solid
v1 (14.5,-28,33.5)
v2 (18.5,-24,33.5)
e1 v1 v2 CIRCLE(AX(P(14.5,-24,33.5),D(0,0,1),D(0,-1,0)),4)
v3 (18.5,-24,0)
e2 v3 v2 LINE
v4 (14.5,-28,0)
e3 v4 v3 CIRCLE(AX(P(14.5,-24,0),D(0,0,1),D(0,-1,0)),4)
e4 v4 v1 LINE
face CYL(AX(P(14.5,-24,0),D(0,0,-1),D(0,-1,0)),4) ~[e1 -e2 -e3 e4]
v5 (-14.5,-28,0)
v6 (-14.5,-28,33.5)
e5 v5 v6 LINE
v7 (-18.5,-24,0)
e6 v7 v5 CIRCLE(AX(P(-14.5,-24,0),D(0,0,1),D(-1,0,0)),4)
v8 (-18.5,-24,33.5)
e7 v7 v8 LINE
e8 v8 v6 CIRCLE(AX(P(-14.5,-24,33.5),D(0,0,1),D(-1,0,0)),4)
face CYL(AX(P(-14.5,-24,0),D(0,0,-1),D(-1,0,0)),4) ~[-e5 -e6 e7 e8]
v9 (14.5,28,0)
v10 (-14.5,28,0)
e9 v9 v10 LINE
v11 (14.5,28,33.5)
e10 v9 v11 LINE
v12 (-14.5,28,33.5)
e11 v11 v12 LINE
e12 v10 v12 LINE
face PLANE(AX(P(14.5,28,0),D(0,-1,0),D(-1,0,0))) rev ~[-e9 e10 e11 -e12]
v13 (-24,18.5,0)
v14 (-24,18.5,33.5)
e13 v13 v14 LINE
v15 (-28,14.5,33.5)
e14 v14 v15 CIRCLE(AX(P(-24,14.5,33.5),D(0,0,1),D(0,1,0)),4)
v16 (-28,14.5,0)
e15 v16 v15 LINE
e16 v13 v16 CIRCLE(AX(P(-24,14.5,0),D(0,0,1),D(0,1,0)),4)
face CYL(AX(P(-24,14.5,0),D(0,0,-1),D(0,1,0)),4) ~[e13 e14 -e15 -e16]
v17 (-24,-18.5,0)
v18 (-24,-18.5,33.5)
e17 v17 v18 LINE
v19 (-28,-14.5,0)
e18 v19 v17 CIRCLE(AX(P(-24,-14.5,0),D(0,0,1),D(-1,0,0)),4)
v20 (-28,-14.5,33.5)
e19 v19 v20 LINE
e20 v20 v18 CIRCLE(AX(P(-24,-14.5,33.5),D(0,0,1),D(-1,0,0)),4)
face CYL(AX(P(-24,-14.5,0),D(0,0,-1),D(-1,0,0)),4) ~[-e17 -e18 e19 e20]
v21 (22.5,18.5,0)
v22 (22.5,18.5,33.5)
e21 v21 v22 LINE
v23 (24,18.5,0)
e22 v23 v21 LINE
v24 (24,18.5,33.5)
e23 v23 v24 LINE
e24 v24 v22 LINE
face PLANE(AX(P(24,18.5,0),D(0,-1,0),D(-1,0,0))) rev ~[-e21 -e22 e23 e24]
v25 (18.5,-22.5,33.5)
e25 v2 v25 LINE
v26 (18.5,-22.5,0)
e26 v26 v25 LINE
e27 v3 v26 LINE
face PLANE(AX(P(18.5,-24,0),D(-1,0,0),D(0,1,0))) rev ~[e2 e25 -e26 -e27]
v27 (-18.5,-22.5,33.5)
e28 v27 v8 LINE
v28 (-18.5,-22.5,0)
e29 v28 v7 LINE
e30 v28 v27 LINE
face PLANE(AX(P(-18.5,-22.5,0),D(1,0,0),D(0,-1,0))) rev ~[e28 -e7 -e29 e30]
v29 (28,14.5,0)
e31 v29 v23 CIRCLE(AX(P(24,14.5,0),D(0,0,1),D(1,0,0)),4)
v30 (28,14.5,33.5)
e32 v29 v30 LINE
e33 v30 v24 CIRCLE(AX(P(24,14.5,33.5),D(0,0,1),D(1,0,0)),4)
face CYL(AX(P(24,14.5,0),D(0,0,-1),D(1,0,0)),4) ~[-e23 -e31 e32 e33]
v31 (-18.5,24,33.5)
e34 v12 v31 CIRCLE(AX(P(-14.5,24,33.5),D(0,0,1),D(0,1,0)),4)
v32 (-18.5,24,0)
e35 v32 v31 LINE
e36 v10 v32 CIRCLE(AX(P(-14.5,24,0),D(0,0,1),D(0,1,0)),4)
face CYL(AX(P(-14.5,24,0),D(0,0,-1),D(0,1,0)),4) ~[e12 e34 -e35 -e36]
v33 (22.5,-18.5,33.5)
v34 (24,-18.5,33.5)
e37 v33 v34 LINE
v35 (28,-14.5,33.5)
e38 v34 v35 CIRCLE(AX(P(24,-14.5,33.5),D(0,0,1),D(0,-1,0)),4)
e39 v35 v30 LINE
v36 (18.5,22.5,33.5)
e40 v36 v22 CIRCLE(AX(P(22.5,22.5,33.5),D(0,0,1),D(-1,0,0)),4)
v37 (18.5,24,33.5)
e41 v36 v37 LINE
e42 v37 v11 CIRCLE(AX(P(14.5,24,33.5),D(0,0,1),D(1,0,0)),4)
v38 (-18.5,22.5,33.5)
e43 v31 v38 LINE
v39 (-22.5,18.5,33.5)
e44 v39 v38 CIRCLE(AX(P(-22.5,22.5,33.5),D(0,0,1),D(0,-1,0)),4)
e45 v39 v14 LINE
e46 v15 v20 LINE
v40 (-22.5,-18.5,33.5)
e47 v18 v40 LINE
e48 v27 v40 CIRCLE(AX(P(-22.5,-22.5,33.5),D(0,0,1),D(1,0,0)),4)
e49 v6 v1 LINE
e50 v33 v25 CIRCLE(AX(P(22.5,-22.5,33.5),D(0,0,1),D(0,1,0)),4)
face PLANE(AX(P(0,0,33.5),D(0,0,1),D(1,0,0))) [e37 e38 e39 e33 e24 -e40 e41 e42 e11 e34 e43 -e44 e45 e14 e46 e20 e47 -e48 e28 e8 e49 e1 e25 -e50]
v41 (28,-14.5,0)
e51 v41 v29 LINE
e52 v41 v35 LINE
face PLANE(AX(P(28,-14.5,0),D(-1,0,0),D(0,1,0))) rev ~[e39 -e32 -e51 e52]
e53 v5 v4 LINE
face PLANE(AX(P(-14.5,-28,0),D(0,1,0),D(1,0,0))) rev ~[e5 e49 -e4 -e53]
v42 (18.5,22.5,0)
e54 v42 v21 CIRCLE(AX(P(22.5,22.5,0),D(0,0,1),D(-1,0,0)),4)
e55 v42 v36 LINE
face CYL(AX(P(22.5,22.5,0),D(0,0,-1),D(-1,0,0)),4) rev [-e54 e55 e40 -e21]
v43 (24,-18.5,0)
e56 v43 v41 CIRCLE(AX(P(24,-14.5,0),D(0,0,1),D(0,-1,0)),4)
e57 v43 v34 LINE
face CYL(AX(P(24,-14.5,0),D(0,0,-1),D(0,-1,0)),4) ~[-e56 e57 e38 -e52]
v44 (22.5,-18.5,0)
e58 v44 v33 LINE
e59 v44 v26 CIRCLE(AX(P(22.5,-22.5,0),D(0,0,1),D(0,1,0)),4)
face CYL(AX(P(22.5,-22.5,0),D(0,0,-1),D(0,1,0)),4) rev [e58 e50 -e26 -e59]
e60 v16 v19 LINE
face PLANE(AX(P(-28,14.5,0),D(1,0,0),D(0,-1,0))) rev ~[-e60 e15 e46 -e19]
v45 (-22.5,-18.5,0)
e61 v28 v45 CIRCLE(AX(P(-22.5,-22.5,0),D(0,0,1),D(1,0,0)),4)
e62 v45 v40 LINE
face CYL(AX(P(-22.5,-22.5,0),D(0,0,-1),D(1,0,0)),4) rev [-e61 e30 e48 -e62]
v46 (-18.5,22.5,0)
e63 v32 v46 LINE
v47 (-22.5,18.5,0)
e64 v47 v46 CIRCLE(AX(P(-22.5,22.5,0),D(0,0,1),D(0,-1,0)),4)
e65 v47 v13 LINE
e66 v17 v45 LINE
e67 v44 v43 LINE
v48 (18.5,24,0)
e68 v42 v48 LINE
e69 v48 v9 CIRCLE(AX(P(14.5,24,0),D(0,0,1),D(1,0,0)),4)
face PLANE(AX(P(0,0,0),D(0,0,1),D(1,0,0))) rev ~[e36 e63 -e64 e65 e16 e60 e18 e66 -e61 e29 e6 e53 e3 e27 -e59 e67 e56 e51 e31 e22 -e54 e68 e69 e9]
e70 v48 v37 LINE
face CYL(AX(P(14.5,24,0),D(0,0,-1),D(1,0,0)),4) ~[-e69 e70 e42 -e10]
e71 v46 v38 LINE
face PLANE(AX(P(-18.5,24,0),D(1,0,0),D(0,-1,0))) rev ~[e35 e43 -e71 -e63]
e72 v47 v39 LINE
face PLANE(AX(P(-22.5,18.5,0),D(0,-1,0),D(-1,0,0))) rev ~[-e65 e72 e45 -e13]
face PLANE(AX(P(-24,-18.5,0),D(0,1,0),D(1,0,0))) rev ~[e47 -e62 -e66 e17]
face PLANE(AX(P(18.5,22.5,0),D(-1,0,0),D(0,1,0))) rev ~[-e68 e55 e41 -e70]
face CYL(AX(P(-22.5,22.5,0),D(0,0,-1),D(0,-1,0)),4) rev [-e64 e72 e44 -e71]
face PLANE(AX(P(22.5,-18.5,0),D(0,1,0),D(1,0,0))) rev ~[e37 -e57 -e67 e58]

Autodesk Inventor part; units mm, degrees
ref_plane "YZ Plane" through (0, 0, 0) normal (1, 0, 0) x (0, 1, 0)
ref_plane "XZ Plane" through (0, 0, 0) normal (0, 1, 0) x (-1, 0, 0)
ref_plane "XY Plane" through (0, 0, 0) normal (0, 0, 1) x (1, 0, 0)
sketch "Sketch1" plane through (0, 0, 0) normal (0, 0, 1) x (1, 0, 0)
  arc A0 (-24, 18.5) -> (-28, 14.5) centre (-24, 14.5) ccw
  line L0 (-28, 14.5) -> (-28, -14.5)
  arc A1 (-28, -14.5) -> (-24, -18.5) centre (-24, -14.5) ccw
  line L1 (-24, -18.5) -> (-22.5, -18.5)
  arc A2 (-18.5, -22.5) -> (-22.5, -18.5) centre (-22.5, -22.5) ccw
  line L2 (-18.5, -22.5) -> (-18.5, -24)
  arc A3 (-18.5, -24) -> (-14.5, -28) centre (-14.5, -24) ccw
  line L3 (-14.5, -28) -> (14.5, -28)
  arc A4 (14.5, -28) -> (18.5, -24) centre (14.5, -24) ccw
  line L4 (18.5, -24) -> (18.5, -22.5)
  arc A5 (22.5, -18.5) -> (18.5, -22.5) centre (22.5, -22.5) ccw
  line L5 (22.5, -18.5) -> (24, -18.5)
  arc A6 (24, -18.5) -> (28, -14.5) centre (24, -14.5) ccw
  line L6 (28, -14.5) -> (28, 14.5)
  arc A7 (28, 14.5) -> (24, 18.5) centre (24, 14.5) ccw
  line L7 (24, 18.5) -> (22.5, 18.5)
  arc A8 (18.5, 22.5) -> (22.5, 18.5) centre (22.5, 22.5) ccw
  line L8 (18.5, 22.5) -> (18.5, 24)
  arc A9 (18.5, 24) -> (14.5, 28) centre (14.5, 24) ccw
  line L9 (14.5, 28) -> (-14.5, 28)
  arc A10 (-14.5, 28) -> (-18.5, 24) centre (-14.5, 24) ccw
  line L10 (-18.5, 24) -> (-18.5, 22.5)
  arc A11 (-22.5, 18.5) -> (-18.5, 22.5) centre (-22.5, 22.5) ccw
  line L11 (-22.5, 18.5) -> (-24, 18.5)
  point P0 (0, 0)
  point P1 (0, 0)
extrude "Extrusion1" add sketch "Sketch1" along normal blind 33.5
properties part number "SERVO  KH56KM2U121 B"
